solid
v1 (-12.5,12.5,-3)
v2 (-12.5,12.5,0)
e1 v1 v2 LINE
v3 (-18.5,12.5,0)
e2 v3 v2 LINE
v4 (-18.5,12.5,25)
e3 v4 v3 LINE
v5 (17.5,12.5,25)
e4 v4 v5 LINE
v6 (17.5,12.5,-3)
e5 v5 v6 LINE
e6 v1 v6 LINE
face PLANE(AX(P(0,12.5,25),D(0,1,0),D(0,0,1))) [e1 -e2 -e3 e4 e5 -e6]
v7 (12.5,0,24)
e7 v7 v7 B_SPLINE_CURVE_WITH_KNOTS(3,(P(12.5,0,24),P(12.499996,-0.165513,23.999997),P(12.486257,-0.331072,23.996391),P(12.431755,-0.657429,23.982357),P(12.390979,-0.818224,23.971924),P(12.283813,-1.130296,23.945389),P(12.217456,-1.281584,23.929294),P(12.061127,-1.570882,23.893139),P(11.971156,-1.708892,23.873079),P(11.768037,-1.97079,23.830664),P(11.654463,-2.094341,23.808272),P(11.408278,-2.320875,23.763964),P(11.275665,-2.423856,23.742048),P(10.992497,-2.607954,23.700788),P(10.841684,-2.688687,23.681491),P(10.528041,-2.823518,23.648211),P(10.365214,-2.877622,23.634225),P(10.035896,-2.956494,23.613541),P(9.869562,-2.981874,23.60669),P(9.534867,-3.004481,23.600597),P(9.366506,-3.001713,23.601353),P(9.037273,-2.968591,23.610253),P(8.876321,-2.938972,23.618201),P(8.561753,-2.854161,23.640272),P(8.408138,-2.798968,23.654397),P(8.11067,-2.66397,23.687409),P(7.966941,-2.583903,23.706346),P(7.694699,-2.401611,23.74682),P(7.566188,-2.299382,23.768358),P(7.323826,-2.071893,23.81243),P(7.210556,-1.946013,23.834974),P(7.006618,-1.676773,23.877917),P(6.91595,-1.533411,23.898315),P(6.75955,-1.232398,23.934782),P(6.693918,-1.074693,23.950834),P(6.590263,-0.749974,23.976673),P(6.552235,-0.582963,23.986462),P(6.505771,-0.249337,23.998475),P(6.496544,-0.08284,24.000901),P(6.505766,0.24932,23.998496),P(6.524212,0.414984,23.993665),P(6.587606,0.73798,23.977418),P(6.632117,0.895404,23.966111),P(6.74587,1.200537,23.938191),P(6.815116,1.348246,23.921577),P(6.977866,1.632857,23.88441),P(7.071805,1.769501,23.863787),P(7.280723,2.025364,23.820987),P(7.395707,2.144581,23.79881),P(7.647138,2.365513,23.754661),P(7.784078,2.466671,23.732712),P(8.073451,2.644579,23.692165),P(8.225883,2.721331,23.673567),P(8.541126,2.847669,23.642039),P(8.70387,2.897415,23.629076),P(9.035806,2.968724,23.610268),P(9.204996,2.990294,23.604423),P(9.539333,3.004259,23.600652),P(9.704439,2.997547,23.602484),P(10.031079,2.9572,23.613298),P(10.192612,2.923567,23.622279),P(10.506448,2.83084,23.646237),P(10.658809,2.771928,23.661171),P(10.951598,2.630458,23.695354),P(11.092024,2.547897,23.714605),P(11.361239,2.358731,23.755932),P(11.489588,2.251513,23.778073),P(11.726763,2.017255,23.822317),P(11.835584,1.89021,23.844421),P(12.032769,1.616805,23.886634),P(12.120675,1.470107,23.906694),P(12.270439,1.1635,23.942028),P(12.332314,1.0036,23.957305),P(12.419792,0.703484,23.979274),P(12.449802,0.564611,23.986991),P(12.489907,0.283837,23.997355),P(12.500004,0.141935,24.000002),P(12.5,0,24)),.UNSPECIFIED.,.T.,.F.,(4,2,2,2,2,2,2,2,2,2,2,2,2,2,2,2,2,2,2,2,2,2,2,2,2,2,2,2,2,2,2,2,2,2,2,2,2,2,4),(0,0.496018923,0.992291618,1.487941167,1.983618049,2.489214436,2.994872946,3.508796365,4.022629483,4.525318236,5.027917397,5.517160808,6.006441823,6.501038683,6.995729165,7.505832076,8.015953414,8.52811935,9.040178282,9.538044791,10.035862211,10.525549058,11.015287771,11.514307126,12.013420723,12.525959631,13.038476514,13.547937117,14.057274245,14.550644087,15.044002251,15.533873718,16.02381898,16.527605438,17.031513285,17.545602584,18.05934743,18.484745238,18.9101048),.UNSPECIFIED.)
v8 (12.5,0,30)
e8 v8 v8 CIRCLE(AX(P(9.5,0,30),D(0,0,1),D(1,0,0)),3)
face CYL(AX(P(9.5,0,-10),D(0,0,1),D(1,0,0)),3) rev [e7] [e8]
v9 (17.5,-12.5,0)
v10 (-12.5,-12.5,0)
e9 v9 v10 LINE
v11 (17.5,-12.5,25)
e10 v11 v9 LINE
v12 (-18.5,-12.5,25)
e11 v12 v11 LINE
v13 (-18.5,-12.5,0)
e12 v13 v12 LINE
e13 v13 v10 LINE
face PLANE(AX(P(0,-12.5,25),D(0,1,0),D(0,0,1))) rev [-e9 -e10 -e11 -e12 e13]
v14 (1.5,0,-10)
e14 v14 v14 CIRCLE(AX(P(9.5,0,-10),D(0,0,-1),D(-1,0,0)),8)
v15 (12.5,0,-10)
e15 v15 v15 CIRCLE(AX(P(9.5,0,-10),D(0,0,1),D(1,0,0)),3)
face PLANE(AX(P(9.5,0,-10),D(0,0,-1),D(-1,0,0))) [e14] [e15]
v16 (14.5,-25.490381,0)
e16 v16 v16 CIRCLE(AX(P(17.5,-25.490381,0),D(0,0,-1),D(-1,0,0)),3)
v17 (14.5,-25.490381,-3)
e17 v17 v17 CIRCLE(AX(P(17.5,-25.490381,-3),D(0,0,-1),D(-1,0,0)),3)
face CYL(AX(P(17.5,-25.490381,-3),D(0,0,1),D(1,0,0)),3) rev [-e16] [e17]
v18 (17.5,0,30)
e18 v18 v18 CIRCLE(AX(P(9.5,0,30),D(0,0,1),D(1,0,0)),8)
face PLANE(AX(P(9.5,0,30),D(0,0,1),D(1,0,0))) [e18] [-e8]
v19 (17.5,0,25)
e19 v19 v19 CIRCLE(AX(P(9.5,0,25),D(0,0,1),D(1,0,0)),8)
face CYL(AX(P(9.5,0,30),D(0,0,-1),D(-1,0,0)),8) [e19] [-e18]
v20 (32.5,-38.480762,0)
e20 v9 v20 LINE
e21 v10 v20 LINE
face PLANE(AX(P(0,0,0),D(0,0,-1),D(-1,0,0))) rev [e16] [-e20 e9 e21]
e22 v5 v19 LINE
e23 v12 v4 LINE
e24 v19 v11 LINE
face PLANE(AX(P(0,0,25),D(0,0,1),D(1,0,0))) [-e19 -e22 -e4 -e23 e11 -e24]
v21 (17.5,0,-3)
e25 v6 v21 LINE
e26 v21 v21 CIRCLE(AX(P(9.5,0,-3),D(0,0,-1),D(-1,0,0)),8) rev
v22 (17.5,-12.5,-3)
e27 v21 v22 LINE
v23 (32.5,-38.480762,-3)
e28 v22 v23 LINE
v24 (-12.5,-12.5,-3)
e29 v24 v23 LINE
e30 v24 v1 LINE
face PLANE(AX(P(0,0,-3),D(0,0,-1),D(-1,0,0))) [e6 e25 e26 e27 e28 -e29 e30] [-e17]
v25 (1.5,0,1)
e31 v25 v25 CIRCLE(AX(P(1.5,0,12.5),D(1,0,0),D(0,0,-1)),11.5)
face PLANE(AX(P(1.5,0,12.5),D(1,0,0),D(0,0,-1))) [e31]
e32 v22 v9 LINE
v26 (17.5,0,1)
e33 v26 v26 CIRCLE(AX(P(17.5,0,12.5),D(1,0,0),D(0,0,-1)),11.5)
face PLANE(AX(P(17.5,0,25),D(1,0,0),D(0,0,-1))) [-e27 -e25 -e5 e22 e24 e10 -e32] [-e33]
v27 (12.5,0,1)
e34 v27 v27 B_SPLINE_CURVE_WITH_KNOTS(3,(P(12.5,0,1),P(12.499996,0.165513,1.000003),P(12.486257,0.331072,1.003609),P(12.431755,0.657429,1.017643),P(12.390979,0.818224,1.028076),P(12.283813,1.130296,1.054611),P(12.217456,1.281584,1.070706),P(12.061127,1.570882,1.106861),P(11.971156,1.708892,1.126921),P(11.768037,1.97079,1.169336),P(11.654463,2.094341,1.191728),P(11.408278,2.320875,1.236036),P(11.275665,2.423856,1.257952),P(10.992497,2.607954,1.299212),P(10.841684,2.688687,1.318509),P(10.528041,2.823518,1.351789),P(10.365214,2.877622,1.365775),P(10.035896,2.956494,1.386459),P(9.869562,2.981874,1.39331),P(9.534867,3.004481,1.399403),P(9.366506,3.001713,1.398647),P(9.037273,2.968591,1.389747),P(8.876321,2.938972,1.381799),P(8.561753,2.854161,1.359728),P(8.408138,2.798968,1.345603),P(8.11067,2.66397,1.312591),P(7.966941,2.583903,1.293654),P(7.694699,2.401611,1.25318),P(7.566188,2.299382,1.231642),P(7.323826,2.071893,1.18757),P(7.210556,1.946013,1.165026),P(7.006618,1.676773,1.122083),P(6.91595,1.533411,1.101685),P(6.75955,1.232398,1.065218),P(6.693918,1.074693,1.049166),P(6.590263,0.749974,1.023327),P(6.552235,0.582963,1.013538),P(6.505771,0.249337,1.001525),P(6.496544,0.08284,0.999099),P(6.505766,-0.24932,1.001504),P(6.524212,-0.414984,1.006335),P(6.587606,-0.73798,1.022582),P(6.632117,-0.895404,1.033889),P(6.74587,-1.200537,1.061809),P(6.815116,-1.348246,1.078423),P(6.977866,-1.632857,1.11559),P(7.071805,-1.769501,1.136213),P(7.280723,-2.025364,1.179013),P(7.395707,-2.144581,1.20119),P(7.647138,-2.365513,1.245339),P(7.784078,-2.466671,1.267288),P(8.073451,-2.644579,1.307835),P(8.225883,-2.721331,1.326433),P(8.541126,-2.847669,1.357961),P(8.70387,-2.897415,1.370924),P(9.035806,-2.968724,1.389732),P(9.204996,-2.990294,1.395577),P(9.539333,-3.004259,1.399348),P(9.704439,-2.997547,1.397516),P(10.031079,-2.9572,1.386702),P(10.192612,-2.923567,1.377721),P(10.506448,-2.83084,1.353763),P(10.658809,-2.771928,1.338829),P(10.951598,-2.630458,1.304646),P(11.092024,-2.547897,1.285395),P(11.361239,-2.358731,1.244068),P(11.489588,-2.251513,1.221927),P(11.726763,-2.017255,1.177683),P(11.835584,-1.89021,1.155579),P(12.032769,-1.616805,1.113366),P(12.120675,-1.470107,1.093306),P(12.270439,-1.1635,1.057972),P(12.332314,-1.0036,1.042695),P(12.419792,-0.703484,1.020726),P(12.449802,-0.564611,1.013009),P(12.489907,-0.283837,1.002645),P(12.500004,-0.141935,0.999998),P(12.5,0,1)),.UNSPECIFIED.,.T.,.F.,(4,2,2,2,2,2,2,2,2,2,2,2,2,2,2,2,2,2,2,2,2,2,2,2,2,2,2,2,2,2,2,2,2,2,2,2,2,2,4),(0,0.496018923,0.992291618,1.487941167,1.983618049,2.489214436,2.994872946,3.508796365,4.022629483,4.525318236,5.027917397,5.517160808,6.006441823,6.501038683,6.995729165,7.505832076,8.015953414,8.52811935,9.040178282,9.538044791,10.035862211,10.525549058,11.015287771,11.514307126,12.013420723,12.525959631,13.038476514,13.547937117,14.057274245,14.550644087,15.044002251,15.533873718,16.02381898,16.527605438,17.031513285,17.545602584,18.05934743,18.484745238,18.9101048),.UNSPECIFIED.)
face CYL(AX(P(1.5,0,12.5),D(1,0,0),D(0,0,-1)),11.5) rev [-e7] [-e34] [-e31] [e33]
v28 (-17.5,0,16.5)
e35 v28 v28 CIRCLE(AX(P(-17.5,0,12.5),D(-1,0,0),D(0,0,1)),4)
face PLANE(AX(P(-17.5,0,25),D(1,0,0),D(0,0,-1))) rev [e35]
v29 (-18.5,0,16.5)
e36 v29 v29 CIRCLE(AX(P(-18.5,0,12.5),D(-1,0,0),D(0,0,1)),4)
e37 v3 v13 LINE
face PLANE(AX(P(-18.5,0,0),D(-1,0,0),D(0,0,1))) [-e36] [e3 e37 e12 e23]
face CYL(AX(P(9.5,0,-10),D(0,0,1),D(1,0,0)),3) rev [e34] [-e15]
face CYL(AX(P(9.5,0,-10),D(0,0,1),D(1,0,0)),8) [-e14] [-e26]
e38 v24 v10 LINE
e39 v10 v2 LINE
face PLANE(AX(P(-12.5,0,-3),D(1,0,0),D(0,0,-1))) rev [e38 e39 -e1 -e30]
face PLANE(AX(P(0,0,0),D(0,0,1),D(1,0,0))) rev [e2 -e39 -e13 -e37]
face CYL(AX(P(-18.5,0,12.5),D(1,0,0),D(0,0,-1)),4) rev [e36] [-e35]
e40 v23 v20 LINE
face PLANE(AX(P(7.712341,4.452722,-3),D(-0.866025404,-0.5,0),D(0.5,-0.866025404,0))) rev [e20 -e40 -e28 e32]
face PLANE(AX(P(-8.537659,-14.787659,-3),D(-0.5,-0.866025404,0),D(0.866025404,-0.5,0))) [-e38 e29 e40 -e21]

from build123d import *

# Parameters (mm, degrees)
SKETCH_1_W          = 35
SKETCH_1_H          = 25
SKETCH_1_R          = 8
EXTRUDE_2_DEPTH     = 25
SKETCH_2_R          = 8
EXTRUDE_3_DEPTH     = 5
EXTRUDE_START       = 10
SKETCH_3_R          = 8
EXTRUDE_4_DEPTH     = 10
SKETCH_4_R          = 3
CUT_EXTRUDE_1_DEPTH = 46.414755311
SKETCH_5_R          = 11.5
CUT_EXTRUDE_2_DEPTH = 16
SKETCH_6_R          = 4
EXTRUDE_5_DEPTH     = 15
SKETCH_8_W          = 3
SKETCH_8_H          = 2.025472792
CUT_EXTRUDE_3_DEPTH = 15
EXTRUDE_START_2     = -2
SKETCH_9_R          = 4
EXTRUDE_6_DEPTH     = 2
SKETCH_10_R         = 4
EXTRUDE_7_DEPTH     = 2
EXTRUDE_START_3     = 3
SKETCH_12_R         = 3
SKETCH_12_R_2       = 8
EXTRUDE_11_DEPTH    = 3
SKETCH_14_W         = 6.627877622
SKETCH_14_H         = 25
CUT_EXTRUDE_4_DEPTH = 3
SKETCH_15_W         = 25
SKETCH_15_H         = 25
CUT_EXTRUDE_5_DEPTH = 70.862501092
SKETCH_16_W         = 25
SKETCH_16_H         = 25
SKETCH_16_R         = 4
EXTRUDE_12_DEPTH    = 1


with BuildPart() as part:
    # 草图1 → 凸台-拉伸2 (new body)
    # profile 1 of 2: a face of its own
    with BuildSketch(Plane.XY):
        Rectangle(SKETCH_1_W, SKETCH_1_H)
        with Locations((9.5, 0)):
            Circle(SKETCH_1_R, mode=Mode.SUBTRACT)
    # profile 2 of 2: a face of its own
    with BuildSketch(Plane.XY):
        with Locations((9.5, 0)):
            Circle(SKETCH_1_R)
    extrude(amount=EXTRUDE_2_DEPTH)

    # 草图2 → 凸台-拉伸3 (add)
    with BuildSketch(Plane.XY.offset(25)):
        with Locations((9.5, 0)):
            Circle(SKETCH_2_R)
    extrude(amount=EXTRUDE_3_DEPTH)

    # 草图3 → 凸台-拉伸4 (add)
    with BuildSketch(Plane(origin=(0, 0, 0), x_dir=(-1, 0, 0), z_dir=(0, 0, -1)).offset(EXTRUDE_START)):
        with Locations(Location((-9.5, 0, 0), (0, 0, 180))):
            Circle(SKETCH_3_R)
    extrude(amount=-EXTRUDE_4_DEPTH)

    # 草图4 → 切除-拉伸1 (cut, through all)
    with BuildSketch(Plane.XY.offset(30)):
        with Locations((9.5, 0)):
            Circle(SKETCH_4_R)
    extrude(amount=-CUT_EXTRUDE_1_DEPTH, mode=Mode.SUBTRACT)

    # 草图5 → 切除-拉伸2 (cut)
    with BuildSketch(Plane(origin=(17.5, 0, 0), x_dir=(0, 0, -1), z_dir=(1, 0, 0))):
        with Locations((-12.5, 0)):
            Circle(SKETCH_5_R)
    extrude(amount=-CUT_EXTRUDE_2_DEPTH, mode=Mode.SUBTRACT)

    # 草图6 → 凸台-拉伸5 (add)
    with BuildSketch(Plane.ZY.offset(17.5)):
        with Locations((12.5, 0)):
            Circle(SKETCH_6_R)
    extrude(amount=EXTRUDE_5_DEPTH)

    # 草图8 → 切除-拉伸3 (cut)
    with BuildSketch(Plane.ZY.offset(17.5)):
        with Locations((17, 0)):
            Rectangle(SKETCH_8_W, SKETCH_8_H)
    extrude(amount=CUT_EXTRUDE_3_DEPTH, mode=Mode.SUBTRACT)

    # 草图9 → 凸台-拉伸6 (add)
    with BuildSketch(Plane.ZY.offset(32.5).offset(EXTRUDE_START_2)):
        with Locations(Location((12.5, 0, 0), (0, 0, 14.666011097))):
            Circle(SKETCH_9_R)
    extrude(amount=EXTRUDE_6_DEPTH)

    # 草图10 → 凸台-拉伸7 (add)
    with BuildSketch(Plane.ZY.offset(17.5)):
        with Locations((12.5, 0)):
            Circle(SKETCH_10_R)
    extrude(amount=EXTRUDE_7_DEPTH)

    # 草图12 → 凸台-拉伸11 (add)
    with BuildSketch(Plane(origin=(0, 0, 0), x_dir=(-1, 0, 0), z_dir=(0, 0, -1)).offset(EXTRUDE_START_3)):
        Polygon((12.5, 12.5), (-24.127877622, 12.5), (-24.127877622, -12.5), (-17.5, -12.5), (-32.5, -38.480762114), (12.5, -12.5), align=None)
        with Locations((-17.5, -25.490381057)):
            Circle(SKETCH_12_R, mode=Mode.SUBTRACT)
        with Locations(Location((-9.5, 0, 0), (0, 0, 180))):
            Circle(SKETCH_12_R_2, mode=Mode.SUBTRACT)
    extrude(amount=-EXTRUDE_11_DEPTH)

    # 草图14 → 切除-拉伸4 (cut)
    with BuildSketch(Plane.XY):
        with Locations((20.813938811, 0)):
            Rectangle(SKETCH_14_W, SKETCH_14_H)
    extrude(amount=-CUT_EXTRUDE_4_DEPTH, mode=Mode.SUBTRACT)

    # 草图15 → 切除-拉伸5 (cut, through all)
    with BuildSketch(Plane.ZY.offset(17.5)):
        with Locations((12.5, 0)):
            Rectangle(SKETCH_15_W, SKETCH_15_H)
    extrude(amount=CUT_EXTRUDE_5_DEPTH, mode=Mode.SUBTRACT)

    # 草图16 → 凸台-拉伸12 (add)
    with BuildSketch(Plane.ZY.offset(17.5)):
        with Locations((12.5, 0)):
            Rectangle(SKETCH_16_W, SKETCH_16_H)
        with Locations((12.5, 0)):
            Circle(SKETCH_16_R, mode=Mode.SUBTRACT)
    extrude(amount=EXTRUDE_12_DEPTH)


solid = part.part
